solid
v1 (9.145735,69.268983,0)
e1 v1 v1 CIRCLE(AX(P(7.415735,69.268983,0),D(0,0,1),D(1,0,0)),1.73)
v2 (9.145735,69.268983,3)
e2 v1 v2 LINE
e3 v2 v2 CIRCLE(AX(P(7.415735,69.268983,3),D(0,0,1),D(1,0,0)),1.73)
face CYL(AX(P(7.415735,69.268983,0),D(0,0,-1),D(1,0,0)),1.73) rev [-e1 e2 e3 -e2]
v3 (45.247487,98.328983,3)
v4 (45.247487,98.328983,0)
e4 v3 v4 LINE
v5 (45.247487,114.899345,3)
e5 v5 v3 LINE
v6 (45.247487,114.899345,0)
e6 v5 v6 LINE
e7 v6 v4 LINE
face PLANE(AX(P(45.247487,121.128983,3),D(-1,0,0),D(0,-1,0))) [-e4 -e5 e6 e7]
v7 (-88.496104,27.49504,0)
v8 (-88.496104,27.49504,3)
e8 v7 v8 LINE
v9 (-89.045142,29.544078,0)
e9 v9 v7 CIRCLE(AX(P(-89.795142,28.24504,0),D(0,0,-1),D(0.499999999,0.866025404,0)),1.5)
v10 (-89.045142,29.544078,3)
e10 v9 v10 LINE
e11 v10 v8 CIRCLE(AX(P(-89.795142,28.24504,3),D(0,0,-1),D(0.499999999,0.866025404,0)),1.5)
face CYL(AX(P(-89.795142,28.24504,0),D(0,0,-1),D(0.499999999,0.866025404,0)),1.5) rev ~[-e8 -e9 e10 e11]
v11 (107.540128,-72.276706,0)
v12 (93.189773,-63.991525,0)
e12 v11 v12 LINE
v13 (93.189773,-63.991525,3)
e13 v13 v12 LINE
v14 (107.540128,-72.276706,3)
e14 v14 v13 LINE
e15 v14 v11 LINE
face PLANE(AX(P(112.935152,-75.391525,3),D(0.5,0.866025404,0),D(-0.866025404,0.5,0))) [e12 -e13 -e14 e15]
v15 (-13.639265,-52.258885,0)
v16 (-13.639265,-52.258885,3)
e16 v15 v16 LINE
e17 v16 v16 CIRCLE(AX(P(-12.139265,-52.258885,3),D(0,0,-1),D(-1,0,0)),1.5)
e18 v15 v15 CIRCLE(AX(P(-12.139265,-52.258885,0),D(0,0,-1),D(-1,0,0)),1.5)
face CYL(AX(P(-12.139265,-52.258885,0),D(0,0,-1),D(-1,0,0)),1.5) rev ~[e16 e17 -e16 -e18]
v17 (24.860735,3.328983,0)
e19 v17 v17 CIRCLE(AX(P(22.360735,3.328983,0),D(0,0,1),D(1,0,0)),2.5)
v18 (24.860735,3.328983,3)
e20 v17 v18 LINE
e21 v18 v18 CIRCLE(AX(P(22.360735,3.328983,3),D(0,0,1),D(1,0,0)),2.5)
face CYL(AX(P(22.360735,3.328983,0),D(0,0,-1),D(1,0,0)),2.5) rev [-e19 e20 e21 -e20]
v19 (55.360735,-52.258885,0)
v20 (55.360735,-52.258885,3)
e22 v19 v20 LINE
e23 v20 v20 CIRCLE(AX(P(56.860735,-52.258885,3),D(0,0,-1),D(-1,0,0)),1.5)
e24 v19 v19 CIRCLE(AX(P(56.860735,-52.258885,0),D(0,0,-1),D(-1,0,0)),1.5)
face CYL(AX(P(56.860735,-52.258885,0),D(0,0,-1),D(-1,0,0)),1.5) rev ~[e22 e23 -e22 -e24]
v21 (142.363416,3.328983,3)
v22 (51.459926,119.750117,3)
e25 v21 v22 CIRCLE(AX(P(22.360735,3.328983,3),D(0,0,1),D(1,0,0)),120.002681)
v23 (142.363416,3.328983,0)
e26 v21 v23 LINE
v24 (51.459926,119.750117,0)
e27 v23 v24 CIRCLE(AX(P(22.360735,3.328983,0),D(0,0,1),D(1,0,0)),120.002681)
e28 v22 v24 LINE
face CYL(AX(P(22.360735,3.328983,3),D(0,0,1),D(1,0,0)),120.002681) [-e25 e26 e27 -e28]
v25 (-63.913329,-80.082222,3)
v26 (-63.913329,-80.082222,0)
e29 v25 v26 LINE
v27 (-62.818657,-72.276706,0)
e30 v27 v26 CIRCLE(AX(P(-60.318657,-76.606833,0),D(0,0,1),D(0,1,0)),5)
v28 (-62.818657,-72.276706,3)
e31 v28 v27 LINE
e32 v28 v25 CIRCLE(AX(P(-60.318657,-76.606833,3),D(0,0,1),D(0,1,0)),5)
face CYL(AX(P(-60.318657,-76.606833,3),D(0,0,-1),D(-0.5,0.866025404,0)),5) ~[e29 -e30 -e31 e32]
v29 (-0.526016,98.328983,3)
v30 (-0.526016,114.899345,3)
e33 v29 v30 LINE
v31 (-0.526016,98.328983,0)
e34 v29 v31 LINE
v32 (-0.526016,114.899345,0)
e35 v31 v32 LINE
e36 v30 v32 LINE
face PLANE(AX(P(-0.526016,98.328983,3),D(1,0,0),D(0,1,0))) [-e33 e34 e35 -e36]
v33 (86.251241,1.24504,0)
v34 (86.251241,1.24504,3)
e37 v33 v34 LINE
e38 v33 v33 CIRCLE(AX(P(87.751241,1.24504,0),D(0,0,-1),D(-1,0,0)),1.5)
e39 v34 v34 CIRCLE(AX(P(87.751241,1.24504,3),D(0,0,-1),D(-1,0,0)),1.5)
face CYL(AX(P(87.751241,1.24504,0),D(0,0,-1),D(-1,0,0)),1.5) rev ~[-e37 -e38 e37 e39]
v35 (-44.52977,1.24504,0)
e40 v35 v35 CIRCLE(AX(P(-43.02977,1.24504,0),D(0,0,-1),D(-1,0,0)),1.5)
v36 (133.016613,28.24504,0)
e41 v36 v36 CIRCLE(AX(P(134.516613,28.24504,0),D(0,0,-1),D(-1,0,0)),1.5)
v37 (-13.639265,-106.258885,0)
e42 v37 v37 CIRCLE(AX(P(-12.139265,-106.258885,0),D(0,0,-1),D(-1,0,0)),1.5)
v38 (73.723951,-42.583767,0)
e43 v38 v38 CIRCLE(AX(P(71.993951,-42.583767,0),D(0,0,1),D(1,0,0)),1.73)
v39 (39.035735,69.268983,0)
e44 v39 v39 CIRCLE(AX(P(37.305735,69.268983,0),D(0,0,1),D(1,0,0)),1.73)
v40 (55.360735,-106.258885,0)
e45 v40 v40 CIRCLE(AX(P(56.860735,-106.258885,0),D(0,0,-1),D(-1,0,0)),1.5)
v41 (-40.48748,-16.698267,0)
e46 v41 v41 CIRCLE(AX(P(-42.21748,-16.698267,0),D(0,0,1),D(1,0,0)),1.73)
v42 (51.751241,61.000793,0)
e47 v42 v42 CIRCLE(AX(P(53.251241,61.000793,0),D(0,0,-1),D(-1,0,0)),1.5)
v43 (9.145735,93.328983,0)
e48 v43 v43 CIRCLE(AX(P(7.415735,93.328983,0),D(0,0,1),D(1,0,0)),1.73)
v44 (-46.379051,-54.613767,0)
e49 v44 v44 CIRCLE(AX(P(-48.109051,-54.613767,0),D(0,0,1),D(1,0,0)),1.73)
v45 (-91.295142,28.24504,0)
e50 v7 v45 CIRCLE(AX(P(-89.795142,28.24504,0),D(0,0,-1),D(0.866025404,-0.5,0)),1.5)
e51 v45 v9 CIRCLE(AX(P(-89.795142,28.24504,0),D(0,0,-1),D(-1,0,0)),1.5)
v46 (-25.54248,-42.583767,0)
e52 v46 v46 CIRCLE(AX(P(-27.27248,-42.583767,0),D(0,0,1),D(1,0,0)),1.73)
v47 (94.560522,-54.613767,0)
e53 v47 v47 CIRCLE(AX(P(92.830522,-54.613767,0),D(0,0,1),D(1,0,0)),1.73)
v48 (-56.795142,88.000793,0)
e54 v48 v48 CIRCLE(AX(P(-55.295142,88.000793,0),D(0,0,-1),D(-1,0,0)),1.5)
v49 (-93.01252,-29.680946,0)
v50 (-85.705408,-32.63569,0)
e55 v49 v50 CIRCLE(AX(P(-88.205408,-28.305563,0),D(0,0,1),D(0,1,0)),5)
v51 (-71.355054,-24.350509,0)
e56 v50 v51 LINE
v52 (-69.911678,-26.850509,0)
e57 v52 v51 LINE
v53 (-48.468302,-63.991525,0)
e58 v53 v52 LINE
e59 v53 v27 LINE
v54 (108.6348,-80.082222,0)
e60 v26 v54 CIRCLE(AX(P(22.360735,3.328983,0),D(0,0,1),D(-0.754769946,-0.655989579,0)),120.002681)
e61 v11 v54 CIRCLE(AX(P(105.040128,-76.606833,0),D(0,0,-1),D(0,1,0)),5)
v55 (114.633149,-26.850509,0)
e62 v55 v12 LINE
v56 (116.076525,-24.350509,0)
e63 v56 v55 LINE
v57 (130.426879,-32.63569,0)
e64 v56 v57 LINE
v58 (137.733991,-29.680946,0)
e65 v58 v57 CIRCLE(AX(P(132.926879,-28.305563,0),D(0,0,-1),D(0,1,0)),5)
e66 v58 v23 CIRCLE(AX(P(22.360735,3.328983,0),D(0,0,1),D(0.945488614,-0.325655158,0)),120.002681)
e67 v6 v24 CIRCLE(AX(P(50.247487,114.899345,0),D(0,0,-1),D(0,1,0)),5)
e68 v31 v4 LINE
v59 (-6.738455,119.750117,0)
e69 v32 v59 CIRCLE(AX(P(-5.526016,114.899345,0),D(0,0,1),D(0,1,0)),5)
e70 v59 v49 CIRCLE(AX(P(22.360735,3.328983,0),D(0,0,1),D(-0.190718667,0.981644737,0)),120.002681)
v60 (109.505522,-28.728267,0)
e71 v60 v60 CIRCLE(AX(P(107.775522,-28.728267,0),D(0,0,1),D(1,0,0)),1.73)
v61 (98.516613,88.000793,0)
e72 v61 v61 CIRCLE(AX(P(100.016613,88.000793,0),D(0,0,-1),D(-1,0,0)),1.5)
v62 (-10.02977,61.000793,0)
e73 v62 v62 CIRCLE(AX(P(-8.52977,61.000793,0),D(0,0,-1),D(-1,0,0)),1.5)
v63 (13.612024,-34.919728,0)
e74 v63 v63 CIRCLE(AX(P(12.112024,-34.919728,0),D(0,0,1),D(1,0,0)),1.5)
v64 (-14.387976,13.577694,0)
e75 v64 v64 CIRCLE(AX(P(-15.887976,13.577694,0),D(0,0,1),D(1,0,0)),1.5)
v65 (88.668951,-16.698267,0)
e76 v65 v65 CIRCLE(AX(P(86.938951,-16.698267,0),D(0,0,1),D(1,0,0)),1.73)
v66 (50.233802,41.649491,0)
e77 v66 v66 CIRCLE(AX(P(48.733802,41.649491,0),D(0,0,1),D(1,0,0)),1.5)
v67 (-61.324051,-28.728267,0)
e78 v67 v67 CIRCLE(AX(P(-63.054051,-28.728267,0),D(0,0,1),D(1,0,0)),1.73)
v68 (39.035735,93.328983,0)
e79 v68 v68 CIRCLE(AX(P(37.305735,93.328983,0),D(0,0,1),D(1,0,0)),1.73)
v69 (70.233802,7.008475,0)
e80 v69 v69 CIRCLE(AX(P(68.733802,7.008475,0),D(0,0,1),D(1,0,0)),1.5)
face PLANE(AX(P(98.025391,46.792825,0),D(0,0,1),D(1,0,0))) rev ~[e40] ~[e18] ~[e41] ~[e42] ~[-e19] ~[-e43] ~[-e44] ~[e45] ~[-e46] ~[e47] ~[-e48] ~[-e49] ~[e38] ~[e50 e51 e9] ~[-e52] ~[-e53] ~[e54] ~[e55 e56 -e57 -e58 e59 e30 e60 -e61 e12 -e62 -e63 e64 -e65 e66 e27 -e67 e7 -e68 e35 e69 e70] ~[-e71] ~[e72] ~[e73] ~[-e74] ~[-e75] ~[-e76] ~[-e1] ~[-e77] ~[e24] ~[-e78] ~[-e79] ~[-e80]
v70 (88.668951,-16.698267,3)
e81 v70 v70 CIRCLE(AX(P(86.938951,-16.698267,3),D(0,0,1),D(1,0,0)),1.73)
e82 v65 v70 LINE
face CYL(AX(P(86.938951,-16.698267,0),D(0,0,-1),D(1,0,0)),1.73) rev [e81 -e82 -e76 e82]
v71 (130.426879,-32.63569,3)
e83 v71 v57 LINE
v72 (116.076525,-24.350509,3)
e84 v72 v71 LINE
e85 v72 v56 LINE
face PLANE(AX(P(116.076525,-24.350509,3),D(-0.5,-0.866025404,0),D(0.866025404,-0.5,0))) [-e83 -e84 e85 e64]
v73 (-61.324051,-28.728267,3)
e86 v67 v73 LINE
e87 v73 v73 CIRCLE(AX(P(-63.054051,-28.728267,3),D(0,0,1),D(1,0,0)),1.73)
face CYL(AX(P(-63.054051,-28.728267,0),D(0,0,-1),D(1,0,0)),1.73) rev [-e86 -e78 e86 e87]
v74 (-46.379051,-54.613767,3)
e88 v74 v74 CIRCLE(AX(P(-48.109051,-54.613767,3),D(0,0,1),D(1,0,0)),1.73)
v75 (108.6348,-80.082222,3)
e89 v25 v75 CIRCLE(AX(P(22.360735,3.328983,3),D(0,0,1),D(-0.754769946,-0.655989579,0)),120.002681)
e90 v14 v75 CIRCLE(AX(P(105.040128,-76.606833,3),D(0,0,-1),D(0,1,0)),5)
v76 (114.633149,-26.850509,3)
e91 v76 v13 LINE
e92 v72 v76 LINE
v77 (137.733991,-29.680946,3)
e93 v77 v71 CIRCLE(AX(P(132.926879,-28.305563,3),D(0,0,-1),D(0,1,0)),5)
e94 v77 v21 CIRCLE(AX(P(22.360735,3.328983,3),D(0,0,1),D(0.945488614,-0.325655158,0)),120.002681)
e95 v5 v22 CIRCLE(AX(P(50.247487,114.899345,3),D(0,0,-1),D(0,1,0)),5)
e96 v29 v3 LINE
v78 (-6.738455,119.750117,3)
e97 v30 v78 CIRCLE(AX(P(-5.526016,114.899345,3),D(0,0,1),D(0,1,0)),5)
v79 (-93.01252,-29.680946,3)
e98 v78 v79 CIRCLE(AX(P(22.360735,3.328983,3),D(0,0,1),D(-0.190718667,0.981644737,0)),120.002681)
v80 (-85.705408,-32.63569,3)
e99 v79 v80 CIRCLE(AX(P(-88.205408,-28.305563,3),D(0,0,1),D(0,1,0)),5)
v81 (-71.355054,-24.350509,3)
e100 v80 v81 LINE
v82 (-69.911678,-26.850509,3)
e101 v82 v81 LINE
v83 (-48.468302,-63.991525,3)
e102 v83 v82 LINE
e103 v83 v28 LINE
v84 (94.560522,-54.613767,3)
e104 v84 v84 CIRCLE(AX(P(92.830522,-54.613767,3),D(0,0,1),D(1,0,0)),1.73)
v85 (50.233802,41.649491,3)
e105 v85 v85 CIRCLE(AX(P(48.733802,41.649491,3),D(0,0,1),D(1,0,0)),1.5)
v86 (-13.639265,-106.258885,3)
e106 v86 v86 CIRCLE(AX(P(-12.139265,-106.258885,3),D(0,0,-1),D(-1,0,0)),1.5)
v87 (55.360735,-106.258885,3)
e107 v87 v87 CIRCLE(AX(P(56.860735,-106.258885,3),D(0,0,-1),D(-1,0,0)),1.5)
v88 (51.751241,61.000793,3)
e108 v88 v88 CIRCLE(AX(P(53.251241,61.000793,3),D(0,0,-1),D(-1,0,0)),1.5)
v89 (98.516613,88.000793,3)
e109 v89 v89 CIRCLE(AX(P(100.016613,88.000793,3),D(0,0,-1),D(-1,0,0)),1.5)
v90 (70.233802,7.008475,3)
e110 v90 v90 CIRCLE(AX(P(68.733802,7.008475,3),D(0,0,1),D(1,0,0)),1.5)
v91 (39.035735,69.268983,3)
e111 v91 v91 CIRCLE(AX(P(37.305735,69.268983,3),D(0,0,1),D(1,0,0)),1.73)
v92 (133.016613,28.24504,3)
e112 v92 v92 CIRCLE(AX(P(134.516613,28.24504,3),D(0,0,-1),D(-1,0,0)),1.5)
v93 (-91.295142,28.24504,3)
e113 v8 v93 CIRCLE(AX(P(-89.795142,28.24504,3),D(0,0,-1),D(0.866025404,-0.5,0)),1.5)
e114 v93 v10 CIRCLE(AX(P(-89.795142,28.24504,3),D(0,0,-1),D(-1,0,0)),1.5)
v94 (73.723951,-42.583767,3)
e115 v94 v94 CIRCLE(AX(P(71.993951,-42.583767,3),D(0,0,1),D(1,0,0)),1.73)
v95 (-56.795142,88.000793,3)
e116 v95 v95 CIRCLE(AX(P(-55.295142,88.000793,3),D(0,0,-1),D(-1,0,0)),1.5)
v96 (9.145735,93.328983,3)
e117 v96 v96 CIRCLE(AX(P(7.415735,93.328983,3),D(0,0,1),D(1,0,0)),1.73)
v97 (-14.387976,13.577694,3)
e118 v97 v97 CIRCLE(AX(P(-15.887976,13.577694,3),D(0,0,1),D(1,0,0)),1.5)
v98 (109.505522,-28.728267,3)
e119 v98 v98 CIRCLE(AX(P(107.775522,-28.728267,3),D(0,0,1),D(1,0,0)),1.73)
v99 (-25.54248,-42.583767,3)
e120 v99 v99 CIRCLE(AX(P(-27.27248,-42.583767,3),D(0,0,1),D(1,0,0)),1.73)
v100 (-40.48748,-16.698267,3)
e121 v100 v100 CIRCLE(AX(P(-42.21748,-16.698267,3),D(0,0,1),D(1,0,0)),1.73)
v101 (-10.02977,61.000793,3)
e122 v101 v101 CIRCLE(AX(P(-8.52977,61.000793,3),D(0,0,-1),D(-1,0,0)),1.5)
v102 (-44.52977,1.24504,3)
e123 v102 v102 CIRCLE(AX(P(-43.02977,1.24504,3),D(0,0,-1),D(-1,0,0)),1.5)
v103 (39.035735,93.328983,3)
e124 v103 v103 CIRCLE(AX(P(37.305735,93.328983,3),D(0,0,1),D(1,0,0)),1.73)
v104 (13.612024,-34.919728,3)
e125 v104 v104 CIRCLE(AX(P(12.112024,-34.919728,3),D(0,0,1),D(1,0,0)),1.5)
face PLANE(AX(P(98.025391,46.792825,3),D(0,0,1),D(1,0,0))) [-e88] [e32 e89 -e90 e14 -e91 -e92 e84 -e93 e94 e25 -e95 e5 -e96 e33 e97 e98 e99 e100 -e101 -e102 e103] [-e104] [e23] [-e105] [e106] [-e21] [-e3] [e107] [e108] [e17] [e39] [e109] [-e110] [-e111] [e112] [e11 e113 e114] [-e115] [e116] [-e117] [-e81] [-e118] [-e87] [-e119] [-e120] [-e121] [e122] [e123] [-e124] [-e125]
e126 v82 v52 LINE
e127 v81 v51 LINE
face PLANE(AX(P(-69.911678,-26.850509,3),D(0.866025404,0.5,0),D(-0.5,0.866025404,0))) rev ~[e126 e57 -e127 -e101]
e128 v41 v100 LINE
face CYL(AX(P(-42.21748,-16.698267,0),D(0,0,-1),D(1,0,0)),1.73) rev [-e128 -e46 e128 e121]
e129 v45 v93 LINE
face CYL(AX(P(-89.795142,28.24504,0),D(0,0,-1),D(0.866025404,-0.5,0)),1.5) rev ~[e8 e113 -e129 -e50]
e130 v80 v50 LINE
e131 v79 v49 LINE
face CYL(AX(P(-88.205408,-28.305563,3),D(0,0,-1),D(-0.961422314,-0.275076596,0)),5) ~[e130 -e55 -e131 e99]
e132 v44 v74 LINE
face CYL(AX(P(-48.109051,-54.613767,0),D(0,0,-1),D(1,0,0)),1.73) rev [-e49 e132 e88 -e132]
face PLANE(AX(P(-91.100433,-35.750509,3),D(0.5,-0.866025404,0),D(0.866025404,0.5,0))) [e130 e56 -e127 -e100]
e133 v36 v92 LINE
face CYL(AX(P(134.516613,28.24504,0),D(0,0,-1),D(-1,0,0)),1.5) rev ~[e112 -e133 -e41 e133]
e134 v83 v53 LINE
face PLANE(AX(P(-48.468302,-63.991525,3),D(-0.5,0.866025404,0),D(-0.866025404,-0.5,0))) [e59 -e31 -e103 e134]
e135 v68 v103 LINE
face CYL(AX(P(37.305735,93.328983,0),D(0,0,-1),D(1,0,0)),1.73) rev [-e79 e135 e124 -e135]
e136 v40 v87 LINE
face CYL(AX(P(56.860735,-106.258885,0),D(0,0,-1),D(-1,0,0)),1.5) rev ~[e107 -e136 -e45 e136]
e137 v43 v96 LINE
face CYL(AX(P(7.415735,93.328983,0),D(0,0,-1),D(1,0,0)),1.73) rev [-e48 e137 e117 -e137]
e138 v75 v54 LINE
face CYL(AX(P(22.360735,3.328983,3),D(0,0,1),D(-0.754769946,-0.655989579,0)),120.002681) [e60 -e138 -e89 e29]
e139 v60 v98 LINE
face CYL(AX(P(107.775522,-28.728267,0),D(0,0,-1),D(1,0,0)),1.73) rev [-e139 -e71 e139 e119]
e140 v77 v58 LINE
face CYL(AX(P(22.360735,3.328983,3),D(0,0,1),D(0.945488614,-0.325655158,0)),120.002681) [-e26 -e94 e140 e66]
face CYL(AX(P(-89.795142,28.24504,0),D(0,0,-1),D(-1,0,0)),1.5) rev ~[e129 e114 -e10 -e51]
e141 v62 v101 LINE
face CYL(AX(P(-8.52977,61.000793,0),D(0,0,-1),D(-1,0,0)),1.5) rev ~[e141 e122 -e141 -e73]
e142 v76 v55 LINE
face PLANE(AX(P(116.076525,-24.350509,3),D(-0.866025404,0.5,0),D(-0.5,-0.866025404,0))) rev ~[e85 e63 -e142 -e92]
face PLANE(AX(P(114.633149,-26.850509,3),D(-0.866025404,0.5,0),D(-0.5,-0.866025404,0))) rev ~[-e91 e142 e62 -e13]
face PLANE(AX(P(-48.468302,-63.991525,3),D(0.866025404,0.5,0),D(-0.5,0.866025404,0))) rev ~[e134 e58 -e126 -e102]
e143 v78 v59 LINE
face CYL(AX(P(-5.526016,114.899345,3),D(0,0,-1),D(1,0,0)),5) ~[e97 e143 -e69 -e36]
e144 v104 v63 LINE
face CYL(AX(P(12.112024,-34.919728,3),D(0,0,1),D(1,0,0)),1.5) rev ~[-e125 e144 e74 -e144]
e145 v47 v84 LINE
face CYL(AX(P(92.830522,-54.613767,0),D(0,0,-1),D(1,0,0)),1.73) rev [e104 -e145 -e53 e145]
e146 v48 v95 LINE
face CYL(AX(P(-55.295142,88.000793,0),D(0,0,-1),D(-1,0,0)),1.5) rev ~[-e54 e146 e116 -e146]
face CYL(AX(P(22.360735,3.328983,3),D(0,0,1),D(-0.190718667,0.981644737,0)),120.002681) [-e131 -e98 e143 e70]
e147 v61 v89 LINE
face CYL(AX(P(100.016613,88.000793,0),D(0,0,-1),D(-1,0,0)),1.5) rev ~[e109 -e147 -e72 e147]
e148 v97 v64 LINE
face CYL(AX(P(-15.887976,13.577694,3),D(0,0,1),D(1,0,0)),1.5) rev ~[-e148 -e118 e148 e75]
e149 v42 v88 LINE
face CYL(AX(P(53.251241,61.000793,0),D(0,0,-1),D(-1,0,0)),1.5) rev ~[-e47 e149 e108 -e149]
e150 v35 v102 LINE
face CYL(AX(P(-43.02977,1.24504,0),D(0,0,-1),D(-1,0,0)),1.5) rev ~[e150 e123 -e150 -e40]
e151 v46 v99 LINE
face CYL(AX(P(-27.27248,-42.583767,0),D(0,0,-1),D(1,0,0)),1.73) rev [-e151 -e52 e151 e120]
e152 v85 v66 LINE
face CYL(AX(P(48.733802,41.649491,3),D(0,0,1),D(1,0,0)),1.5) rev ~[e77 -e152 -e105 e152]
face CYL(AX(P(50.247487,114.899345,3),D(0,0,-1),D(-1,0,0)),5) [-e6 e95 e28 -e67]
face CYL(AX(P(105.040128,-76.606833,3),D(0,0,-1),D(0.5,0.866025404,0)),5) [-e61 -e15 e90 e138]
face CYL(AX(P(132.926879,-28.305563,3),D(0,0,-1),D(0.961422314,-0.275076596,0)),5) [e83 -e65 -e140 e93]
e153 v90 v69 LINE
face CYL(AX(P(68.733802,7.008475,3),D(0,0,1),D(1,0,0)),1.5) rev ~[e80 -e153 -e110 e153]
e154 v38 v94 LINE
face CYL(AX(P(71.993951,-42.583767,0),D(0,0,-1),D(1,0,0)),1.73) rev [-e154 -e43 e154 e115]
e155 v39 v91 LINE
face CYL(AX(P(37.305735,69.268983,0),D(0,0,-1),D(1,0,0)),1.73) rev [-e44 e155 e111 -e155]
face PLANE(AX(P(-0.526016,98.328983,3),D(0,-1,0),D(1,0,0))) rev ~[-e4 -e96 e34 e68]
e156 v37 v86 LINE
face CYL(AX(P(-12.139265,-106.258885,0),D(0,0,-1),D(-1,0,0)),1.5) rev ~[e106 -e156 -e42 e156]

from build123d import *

# Parameters (mm, degrees)
SKETCH1_R           = 1.73
SKETCH1_R_2         = 2.5
BOSS_EXTRUDE2_DEPTH = 3
CUT_EXTRUDE1_DEPTH  = 10
SKETCH4_R           = 1.5
CUT_EXTRUDE2_DEPTH  = 153.155671711
BOSS_EXTRUDE3_DEPTH = 3
FILLET1_R           = 5
SKETCH6_R           = 1.5
CUT_EXTRUDE3_DEPTH  = 187.151001088


with BuildPart() as part:
    # Sketch1 → Boss-Extrude2 (new body)
    with BuildSketch(Plane.XY):
        Polygon((2.360735498, 103.328982943), (-74.24180488, -29.350508981), (-54.24180488, -63.991525133), (98.963275877, -63.991525133), (118.963275877, -29.350508981), (42.360735498, 103.328982943), align=None)
        with Locations((7.415735498, 93.328982943)):
            Circle(SKETCH1_R, mode=Mode.SUBTRACT)
        with Locations((37.305735498, 93.328982943)):
            Circle(SKETCH1_R, mode=Mode.SUBTRACT)
        with Locations((37.305735498, 69.268982943)):
            Circle(SKETCH1_R, mode=Mode.SUBTRACT)
        with Locations((7.415735498, 69.268982943)):
            Circle(SKETCH1_R, mode=Mode.SUBTRACT)
        with Locations((107.775521839, -28.728267397)):
            Circle(SKETCH1_R, mode=Mode.SUBTRACT)
        with Locations((86.938950624, -16.698267397)):
            Circle(SKETCH1_R, mode=Mode.SUBTRACT)
        with Locations((71.993950624, -42.583766716)):
            Circle(SKETCH1_R, mode=Mode.SUBTRACT)
        with Locations((92.830521839, -54.613766716)):
            Circle(SKETCH1_R, mode=Mode.SUBTRACT)
        with Locations((-42.217479627, -16.698267397)):
            Circle(SKETCH1_R, mode=Mode.SUBTRACT)
        with Locations((-27.272479627, -42.583766716)):
            Circle(SKETCH1_R, mode=Mode.SUBTRACT)
        with Locations((-63.054050843, -28.728267397)):
            Circle(SKETCH1_R, mode=Mode.SUBTRACT)
        with Locations((-48.109050843, -54.613766716)):
            Circle(SKETCH1_R, mode=Mode.SUBTRACT)
        with Locations((22.360735498, 3.328982943)):
            Circle(SKETCH1_R_2, mode=Mode.SUBTRACT)
    extrude(amount=BOSS_EXTRUDE2_DEPTH)

    # Sketch2 → Cut-Extrude1 (cut)
    with BuildSketch(Plane.XY.offset(3)):
        Polygon((-69.911677861, -26.850508981), (-71.355053534, -24.350508981), (-74.24180488, -29.350508981), align=None)
        Polygon((-48.468302188, -63.991525133), (-69.911677861, -26.850508981), (-74.24180488, -29.350508981), (-54.24180488, -63.991525133), align=None)
        Polygon((118.963275877, -29.350508981), (114.633148858, -26.850508981), (93.189773185, -63.991525133), (98.963275877, -63.991525133), align=None)
        Polygon((118.963275877, -29.350508981), (116.076524531, -24.350508981), (114.633148858, -26.850508981), align=None)
        Polygon((7.415735498, 98.328982943), (7.415735498, 103.328982943), (2.360735498, 103.328982943), (-0.526015848, 98.328982943), align=None)
        Polygon((42.360735498, 103.328982943), (7.415735498, 103.328982943), (7.415735498, 98.328982943), (45.247486844, 98.328982943), align=None)
    extrude(amount=-CUT_EXTRUDE1_DEPTH, mode=Mode.SUBTRACT)

    # Sketch4 → Cut-Extrude2 (cut, through all)
    with BuildSketch(Plane.XY.offset(3)):
        with Locations((12.112024192, -34.919728363)):
            Circle(SKETCH4_R)
        with Locations((68.733802457, 7.008474867)):
            Circle(SKETCH4_R)
        with Locations((48.733802457, 41.649491019)):
            Circle(SKETCH4_R)
        with Locations((-15.887975808, 13.577694249)):
            Circle(SKETCH4_R)
    extrude(amount=-CUT_EXTRUDE2_DEPTH, mode=Mode.SUBTRACT)

    # Sketch5 → Boss-Extrude3 (add)
    with BuildSketch(Plane.XY.offset(3)):
        with BuildLine():
            Line((45.247486844, 121.128982943), (45.247486844, 98.328982943))
            Line((45.247486844, 98.328982943), (116.076524531, -24.350508981))
            Line((116.076524531, -24.350508981), (135.821903737, -35.750508981))
            ThreePointArc((135.821903737, -35.750508981), (140.716740282, -16.482617667), (142.363416248, 3.328982943))
            ThreePointArc((142.363416248, 3.328982943), (114.954242026, 79.664334753), (45.247486844, 121.128982943))
        make_face()
        with BuildLine():
            Line((-71.355053534, -24.350508981), (-0.526015848, 98.328982943))
            Line((-0.526015848, 98.328982943), (-0.526015848, 121.128982943))
            ThreePointArc((-0.526015848, 121.128982943), (-81.564634554, 63.330323318), (-91.100432741, -35.750508981))
            Line((-91.100432741, -35.750508981), (-71.355053534, -24.350508981))
        make_face()
        with BuildLine():
            Line((93.189773185, -63.991525133), (-48.468302188, -63.991525133))
            Line((-48.468302188, -63.991525133), (-68.213681395, -75.391525133))
            ThreePointArc((-68.213681395, -75.391525133), (22.360735498, -116.673697807), (112.935152391, -75.391525133))
            Line((112.935152391, -75.391525133), (93.189773185, -63.991525133))
        make_face()
    extrude(amount=-BOSS_EXTRUDE3_DEPTH)

    # Fillet1
    fillet1_edges = [part.edges().sort_by_distance(p)[0] for p in [
        (135.821903737, -35.750508981, 1.5),
        (45.247486844, 121.128982943, 1.5),
        (-0.526015848, 121.128982943, 1.5),
        (-91.100432741, -35.750508981, 1.5),
        (-68.213681395, -75.391525133, 1.5),
        (112.935152391, -75.391525133, 1.5),
    ]]
    fillet(fillet1_edges, radius=FILLET1_R)

    # Sketch6 → Cut-Extrude3 (cut, through all)
    with BuildSketch(Plane(origin=(0, 0, 0), x_dir=(-1, 0, 0), z_dir=(0, 0, -1))):
        with BuildLine():
            ThreePointArc((91.295141666, 28.245040241), (90.545141666, 29.544078346), (89.045141666, 29.544078346))
            Line((89.045141666, 29.544078346), (89.795141666, 28.245040241))
            Line((89.795141666, 28.245040241), (88.49610356, 27.495040241))
            ThreePointArc((88.49610356, 27.495040241), (90.183370233, 26.796151501), (91.295141666, 28.245040241))
        make_face()
        with BuildLine():
            Line((89.795141666, 28.245040241), (89.045141666, 29.544078346))
            ThreePointArc((89.045141666, 29.544078346), (88.346252926, 28.633268808), (88.49610356, 27.495040241))
            Line((88.49610356, 27.495040241), (89.795141666, 28.245040241))
        make_face()
        with BuildLine():
            ThreePointArc((91.295141666, 28.245040241), (90.545141666, 29.544078346), (89.045141666, 29.544078346))
            Line((89.045141666, 29.544078346), (89.795141666, 28.245040241))
            Line((89.795141666, 28.245040241), (88.49610356, 27.495040241))
            ThreePointArc((88.49610356, 27.495040241), (90.183370233, 26.796151501), (91.295141666, 28.245040241))
        make_face()
        with BuildLine():
            Line((89.795141666, 28.245040241), (89.045141666, 29.544078346))
            ThreePointArc((89.045141666, 29.544078346), (88.346252926, 28.633268808), (88.49610356, 27.495040241))
            Line((88.49610356, 27.495040241), (89.795141666, 28.245040241))
        make_face()
        with Locations((43.029769861, 1.245040241)):
            Circle(SKETCH6_R)
        with Locations((8.529769861, 61.000793102)):
            Circle(SKETCH6_R)
        with Locations((55.295141666, 88.000793102)):
            Circle(SKETCH6_R)
        with Locations((-100.016612662, 88.000793102)):
            Circle(SKETCH6_R)
        with Locations((-53.251240857, 61.000793102)):
            Circle(SKETCH6_R)
        with Locations((-134.516612662, 28.245040241)):
            Circle(SKETCH6_R)
        with Locations((-87.751240857, 1.245040241)):
            Circle(SKETCH6_R)
        with Locations((-56.860735498, -52.258884513)):
            Circle(SKETCH6_R)
        with Locations((12.139264502, -52.258884513)):
            Circle(SKETCH6_R)
        with Locations((-56.860735498, -106.258884513)):
            Circle(SKETCH6_R)
        with Locations((12.139264502, -106.258884513)):
            Circle(SKETCH6_R)
    extrude(amount=-CUT_EXTRUDE3_DEPTH, mode=Mode.SUBTRACT)


solid = part.part
